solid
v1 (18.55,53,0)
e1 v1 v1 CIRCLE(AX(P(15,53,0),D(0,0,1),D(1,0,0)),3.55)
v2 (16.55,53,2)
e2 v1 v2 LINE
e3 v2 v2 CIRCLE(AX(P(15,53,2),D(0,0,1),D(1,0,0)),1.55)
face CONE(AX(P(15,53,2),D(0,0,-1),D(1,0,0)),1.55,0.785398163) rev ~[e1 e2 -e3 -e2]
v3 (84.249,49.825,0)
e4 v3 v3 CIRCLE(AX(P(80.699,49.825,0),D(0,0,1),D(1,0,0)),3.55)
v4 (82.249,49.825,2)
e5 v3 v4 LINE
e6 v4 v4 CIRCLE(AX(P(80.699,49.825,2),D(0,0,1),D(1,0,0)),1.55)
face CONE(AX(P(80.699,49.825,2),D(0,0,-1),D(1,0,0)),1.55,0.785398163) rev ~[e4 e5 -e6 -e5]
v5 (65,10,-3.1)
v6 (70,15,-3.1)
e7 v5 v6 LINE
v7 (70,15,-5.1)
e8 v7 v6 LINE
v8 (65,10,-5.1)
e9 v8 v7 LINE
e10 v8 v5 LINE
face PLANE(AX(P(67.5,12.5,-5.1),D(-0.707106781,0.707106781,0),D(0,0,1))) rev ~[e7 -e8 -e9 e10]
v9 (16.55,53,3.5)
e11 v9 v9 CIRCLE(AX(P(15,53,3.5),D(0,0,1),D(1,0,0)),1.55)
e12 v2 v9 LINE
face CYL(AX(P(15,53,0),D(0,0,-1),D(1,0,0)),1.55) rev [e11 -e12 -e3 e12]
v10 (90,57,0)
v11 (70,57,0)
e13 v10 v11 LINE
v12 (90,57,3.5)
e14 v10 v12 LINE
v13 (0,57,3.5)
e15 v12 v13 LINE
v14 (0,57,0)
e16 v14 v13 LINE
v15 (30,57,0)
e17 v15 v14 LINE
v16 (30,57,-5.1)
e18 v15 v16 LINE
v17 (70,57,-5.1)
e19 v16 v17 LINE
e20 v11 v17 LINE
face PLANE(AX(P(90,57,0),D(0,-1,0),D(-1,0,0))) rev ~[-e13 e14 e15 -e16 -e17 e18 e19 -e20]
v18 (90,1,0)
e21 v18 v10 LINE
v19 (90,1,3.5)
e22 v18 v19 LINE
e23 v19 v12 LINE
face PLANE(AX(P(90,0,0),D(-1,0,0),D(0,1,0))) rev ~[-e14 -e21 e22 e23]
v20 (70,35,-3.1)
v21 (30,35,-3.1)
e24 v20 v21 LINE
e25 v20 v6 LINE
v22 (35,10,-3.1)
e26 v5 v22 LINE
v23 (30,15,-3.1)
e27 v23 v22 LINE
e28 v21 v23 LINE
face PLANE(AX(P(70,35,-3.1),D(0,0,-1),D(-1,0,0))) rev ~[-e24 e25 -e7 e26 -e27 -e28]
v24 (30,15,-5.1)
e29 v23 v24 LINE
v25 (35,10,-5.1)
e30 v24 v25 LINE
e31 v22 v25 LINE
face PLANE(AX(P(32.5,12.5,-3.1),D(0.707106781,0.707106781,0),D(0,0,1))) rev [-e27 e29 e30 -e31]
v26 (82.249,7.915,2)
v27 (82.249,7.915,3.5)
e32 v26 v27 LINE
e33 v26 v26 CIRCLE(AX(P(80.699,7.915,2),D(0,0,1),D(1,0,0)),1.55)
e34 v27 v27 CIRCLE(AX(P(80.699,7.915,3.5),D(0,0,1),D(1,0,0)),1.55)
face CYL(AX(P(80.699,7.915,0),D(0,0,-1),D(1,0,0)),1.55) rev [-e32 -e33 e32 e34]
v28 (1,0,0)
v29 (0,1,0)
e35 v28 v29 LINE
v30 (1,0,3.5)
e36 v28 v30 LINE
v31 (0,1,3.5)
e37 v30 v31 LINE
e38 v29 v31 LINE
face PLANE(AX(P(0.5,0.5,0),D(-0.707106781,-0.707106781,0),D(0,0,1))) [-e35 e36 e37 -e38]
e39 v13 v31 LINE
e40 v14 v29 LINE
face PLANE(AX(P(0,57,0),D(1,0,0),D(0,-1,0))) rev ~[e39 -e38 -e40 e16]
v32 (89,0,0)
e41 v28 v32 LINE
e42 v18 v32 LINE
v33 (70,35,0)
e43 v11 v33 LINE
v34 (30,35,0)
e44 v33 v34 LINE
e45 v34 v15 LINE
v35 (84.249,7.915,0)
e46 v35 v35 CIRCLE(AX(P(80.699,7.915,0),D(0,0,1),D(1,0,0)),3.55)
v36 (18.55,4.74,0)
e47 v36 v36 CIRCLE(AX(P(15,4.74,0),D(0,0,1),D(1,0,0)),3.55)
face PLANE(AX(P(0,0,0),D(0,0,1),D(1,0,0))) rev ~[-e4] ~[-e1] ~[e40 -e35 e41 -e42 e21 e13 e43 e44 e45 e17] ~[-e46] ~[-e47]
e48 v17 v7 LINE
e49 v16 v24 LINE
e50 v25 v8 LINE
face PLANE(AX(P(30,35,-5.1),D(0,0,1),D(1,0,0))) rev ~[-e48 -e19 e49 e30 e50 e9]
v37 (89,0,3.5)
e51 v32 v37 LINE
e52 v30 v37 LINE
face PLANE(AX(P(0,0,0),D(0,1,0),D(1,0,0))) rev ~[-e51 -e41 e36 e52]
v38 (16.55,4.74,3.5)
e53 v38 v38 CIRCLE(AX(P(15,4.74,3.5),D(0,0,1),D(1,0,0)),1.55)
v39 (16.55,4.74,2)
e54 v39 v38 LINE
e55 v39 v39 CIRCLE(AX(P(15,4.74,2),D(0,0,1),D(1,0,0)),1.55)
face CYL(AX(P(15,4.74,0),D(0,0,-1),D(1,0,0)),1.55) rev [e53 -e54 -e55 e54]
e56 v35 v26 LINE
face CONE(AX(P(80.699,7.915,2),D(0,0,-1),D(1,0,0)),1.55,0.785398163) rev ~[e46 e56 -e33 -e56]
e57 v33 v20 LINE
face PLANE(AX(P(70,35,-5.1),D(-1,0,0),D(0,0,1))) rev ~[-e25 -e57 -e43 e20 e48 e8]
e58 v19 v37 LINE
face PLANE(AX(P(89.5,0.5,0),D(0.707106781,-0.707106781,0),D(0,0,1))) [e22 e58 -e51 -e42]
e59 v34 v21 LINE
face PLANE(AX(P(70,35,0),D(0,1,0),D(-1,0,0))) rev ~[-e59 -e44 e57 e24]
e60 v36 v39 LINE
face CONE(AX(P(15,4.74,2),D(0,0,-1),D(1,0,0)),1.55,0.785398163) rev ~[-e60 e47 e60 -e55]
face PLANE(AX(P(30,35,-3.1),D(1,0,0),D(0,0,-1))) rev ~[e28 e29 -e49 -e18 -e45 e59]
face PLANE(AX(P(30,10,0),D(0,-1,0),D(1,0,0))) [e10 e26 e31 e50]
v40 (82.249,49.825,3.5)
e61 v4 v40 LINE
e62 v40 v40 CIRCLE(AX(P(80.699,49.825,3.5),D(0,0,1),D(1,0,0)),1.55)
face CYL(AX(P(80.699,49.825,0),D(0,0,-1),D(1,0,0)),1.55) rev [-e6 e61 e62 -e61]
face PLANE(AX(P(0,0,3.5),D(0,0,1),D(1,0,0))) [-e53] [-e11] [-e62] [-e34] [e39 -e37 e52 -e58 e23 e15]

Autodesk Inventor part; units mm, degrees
ref_plane "YZ Plane" through (0, 0, 0) normal (1, 0, 0) x (0, 1, 0)
ref_plane "XZ Plane" through (0, 0, 0) normal (0, 1, 0) x (-1, 0, 0)
ref_plane "XY Plane" through (0, 0, 0) normal (0, 0, 1) x (1, 0, 0)
sketch "Sketch1" plane through (0, 0, 0) normal (0, 0, 1) x (1, 0, 0)
  line L0 (0, 0) -> (90, 0)
  line L1 (90, 0) -> (90, 57)
  line L2 (90, 57) -> (0, 57)
  line L3 (0, 57) -> (0, 0)
  circle A0 centre (15, 53) radius 1.55
  circle A1 centre (15, 4.74) radius 1.55
  circle A2 centre (80.699, 49.825) radius 1.55
  circle A3 centre (80.699, 7.915) radius 1.55
  dimension "d0" = 57
  dimension "d1" = 90
  dimension "d2" = 3.1
  dimension "d3" = 3.1
  dimension "d4" = 3.1
  dimension "d5" = 3.1
  dimension "d6" = 4
  dimension "d7" = 15
  dimension "d8" = 48.26
  dimension "d9" = 15
  dimension "d10" = 80.699
  dimension "d11" = 7.175
  dimension "d12" = 41.91
  dimension "d13" = 80.699
extrude "Extrusion1" add sketch "Sketch1" along normal blind 3.5
sketch "Sketch2" plane through (0, 0, 0) normal (0, 0, -1) x (-1, 0, 0)
  line L0 (-70, 35) -> (-30, 35)
  line L1 (-30, 35) -> (-30, 57)
  line L2 (-30, 57) -> (-70, 57)
  line L3 (-70, 57) -> (-70, 35)
  line L4 (0, 0) -> (-90, 0) projected
  line L5 (-90, 57) -> (0, 57) projected
  line L6 (-90, 0) -> (-90, 57) projected
  dimension "d16" = 35
  dimension "d17" = 40
  dimension "d18" = 20
extrude "Extrusion2" add sketch "Sketch2" along normal blind 5.1
sketch "Sketch3" plane through (30, 35, 0) normal (0, -1, 0) x (1, 0, 0)
  line L0 (0, -5.1) -> (40, -5.1)
  line L1 (40, -5.1) -> (40, -3.1)
  line L2 (40, -3.1) -> (0, -3.1)
  line L3 (0, -3.1) -> (0, -5.1)
  line L4 (40, -5.1) -> (0, -5.1) projected
  line L5 (0, 0) -> (0, -5.1) projected
  line L6 (40, 0) -> (40, -5.1) projected
  line L7 (-30, 0) -> (60, 0) projected
  dimension "d21" = 3.1
extrude "Extrusion3" add sketch "Sketch3" along normal blind 25 contours L3 L2 L1 L0
chamfer "Chamfer1" distance 5 angle 45 2 edges at (70, 10, -4.1) (30, 10, -4.1)
chamfer "Chamfer2" distance 1 angle 45 2 edges at (90, 0, 1.75) (0, 0, 1.75)
chamfer "Chamfer3" distance 2 angle 45 4 edges at (13.45, 53, 0) (13.45, 4.74, 0) (79.149, 49.825, 0) (79.149, 7.915, 0)
properties part number "BeagleBoneMountingBracket"
